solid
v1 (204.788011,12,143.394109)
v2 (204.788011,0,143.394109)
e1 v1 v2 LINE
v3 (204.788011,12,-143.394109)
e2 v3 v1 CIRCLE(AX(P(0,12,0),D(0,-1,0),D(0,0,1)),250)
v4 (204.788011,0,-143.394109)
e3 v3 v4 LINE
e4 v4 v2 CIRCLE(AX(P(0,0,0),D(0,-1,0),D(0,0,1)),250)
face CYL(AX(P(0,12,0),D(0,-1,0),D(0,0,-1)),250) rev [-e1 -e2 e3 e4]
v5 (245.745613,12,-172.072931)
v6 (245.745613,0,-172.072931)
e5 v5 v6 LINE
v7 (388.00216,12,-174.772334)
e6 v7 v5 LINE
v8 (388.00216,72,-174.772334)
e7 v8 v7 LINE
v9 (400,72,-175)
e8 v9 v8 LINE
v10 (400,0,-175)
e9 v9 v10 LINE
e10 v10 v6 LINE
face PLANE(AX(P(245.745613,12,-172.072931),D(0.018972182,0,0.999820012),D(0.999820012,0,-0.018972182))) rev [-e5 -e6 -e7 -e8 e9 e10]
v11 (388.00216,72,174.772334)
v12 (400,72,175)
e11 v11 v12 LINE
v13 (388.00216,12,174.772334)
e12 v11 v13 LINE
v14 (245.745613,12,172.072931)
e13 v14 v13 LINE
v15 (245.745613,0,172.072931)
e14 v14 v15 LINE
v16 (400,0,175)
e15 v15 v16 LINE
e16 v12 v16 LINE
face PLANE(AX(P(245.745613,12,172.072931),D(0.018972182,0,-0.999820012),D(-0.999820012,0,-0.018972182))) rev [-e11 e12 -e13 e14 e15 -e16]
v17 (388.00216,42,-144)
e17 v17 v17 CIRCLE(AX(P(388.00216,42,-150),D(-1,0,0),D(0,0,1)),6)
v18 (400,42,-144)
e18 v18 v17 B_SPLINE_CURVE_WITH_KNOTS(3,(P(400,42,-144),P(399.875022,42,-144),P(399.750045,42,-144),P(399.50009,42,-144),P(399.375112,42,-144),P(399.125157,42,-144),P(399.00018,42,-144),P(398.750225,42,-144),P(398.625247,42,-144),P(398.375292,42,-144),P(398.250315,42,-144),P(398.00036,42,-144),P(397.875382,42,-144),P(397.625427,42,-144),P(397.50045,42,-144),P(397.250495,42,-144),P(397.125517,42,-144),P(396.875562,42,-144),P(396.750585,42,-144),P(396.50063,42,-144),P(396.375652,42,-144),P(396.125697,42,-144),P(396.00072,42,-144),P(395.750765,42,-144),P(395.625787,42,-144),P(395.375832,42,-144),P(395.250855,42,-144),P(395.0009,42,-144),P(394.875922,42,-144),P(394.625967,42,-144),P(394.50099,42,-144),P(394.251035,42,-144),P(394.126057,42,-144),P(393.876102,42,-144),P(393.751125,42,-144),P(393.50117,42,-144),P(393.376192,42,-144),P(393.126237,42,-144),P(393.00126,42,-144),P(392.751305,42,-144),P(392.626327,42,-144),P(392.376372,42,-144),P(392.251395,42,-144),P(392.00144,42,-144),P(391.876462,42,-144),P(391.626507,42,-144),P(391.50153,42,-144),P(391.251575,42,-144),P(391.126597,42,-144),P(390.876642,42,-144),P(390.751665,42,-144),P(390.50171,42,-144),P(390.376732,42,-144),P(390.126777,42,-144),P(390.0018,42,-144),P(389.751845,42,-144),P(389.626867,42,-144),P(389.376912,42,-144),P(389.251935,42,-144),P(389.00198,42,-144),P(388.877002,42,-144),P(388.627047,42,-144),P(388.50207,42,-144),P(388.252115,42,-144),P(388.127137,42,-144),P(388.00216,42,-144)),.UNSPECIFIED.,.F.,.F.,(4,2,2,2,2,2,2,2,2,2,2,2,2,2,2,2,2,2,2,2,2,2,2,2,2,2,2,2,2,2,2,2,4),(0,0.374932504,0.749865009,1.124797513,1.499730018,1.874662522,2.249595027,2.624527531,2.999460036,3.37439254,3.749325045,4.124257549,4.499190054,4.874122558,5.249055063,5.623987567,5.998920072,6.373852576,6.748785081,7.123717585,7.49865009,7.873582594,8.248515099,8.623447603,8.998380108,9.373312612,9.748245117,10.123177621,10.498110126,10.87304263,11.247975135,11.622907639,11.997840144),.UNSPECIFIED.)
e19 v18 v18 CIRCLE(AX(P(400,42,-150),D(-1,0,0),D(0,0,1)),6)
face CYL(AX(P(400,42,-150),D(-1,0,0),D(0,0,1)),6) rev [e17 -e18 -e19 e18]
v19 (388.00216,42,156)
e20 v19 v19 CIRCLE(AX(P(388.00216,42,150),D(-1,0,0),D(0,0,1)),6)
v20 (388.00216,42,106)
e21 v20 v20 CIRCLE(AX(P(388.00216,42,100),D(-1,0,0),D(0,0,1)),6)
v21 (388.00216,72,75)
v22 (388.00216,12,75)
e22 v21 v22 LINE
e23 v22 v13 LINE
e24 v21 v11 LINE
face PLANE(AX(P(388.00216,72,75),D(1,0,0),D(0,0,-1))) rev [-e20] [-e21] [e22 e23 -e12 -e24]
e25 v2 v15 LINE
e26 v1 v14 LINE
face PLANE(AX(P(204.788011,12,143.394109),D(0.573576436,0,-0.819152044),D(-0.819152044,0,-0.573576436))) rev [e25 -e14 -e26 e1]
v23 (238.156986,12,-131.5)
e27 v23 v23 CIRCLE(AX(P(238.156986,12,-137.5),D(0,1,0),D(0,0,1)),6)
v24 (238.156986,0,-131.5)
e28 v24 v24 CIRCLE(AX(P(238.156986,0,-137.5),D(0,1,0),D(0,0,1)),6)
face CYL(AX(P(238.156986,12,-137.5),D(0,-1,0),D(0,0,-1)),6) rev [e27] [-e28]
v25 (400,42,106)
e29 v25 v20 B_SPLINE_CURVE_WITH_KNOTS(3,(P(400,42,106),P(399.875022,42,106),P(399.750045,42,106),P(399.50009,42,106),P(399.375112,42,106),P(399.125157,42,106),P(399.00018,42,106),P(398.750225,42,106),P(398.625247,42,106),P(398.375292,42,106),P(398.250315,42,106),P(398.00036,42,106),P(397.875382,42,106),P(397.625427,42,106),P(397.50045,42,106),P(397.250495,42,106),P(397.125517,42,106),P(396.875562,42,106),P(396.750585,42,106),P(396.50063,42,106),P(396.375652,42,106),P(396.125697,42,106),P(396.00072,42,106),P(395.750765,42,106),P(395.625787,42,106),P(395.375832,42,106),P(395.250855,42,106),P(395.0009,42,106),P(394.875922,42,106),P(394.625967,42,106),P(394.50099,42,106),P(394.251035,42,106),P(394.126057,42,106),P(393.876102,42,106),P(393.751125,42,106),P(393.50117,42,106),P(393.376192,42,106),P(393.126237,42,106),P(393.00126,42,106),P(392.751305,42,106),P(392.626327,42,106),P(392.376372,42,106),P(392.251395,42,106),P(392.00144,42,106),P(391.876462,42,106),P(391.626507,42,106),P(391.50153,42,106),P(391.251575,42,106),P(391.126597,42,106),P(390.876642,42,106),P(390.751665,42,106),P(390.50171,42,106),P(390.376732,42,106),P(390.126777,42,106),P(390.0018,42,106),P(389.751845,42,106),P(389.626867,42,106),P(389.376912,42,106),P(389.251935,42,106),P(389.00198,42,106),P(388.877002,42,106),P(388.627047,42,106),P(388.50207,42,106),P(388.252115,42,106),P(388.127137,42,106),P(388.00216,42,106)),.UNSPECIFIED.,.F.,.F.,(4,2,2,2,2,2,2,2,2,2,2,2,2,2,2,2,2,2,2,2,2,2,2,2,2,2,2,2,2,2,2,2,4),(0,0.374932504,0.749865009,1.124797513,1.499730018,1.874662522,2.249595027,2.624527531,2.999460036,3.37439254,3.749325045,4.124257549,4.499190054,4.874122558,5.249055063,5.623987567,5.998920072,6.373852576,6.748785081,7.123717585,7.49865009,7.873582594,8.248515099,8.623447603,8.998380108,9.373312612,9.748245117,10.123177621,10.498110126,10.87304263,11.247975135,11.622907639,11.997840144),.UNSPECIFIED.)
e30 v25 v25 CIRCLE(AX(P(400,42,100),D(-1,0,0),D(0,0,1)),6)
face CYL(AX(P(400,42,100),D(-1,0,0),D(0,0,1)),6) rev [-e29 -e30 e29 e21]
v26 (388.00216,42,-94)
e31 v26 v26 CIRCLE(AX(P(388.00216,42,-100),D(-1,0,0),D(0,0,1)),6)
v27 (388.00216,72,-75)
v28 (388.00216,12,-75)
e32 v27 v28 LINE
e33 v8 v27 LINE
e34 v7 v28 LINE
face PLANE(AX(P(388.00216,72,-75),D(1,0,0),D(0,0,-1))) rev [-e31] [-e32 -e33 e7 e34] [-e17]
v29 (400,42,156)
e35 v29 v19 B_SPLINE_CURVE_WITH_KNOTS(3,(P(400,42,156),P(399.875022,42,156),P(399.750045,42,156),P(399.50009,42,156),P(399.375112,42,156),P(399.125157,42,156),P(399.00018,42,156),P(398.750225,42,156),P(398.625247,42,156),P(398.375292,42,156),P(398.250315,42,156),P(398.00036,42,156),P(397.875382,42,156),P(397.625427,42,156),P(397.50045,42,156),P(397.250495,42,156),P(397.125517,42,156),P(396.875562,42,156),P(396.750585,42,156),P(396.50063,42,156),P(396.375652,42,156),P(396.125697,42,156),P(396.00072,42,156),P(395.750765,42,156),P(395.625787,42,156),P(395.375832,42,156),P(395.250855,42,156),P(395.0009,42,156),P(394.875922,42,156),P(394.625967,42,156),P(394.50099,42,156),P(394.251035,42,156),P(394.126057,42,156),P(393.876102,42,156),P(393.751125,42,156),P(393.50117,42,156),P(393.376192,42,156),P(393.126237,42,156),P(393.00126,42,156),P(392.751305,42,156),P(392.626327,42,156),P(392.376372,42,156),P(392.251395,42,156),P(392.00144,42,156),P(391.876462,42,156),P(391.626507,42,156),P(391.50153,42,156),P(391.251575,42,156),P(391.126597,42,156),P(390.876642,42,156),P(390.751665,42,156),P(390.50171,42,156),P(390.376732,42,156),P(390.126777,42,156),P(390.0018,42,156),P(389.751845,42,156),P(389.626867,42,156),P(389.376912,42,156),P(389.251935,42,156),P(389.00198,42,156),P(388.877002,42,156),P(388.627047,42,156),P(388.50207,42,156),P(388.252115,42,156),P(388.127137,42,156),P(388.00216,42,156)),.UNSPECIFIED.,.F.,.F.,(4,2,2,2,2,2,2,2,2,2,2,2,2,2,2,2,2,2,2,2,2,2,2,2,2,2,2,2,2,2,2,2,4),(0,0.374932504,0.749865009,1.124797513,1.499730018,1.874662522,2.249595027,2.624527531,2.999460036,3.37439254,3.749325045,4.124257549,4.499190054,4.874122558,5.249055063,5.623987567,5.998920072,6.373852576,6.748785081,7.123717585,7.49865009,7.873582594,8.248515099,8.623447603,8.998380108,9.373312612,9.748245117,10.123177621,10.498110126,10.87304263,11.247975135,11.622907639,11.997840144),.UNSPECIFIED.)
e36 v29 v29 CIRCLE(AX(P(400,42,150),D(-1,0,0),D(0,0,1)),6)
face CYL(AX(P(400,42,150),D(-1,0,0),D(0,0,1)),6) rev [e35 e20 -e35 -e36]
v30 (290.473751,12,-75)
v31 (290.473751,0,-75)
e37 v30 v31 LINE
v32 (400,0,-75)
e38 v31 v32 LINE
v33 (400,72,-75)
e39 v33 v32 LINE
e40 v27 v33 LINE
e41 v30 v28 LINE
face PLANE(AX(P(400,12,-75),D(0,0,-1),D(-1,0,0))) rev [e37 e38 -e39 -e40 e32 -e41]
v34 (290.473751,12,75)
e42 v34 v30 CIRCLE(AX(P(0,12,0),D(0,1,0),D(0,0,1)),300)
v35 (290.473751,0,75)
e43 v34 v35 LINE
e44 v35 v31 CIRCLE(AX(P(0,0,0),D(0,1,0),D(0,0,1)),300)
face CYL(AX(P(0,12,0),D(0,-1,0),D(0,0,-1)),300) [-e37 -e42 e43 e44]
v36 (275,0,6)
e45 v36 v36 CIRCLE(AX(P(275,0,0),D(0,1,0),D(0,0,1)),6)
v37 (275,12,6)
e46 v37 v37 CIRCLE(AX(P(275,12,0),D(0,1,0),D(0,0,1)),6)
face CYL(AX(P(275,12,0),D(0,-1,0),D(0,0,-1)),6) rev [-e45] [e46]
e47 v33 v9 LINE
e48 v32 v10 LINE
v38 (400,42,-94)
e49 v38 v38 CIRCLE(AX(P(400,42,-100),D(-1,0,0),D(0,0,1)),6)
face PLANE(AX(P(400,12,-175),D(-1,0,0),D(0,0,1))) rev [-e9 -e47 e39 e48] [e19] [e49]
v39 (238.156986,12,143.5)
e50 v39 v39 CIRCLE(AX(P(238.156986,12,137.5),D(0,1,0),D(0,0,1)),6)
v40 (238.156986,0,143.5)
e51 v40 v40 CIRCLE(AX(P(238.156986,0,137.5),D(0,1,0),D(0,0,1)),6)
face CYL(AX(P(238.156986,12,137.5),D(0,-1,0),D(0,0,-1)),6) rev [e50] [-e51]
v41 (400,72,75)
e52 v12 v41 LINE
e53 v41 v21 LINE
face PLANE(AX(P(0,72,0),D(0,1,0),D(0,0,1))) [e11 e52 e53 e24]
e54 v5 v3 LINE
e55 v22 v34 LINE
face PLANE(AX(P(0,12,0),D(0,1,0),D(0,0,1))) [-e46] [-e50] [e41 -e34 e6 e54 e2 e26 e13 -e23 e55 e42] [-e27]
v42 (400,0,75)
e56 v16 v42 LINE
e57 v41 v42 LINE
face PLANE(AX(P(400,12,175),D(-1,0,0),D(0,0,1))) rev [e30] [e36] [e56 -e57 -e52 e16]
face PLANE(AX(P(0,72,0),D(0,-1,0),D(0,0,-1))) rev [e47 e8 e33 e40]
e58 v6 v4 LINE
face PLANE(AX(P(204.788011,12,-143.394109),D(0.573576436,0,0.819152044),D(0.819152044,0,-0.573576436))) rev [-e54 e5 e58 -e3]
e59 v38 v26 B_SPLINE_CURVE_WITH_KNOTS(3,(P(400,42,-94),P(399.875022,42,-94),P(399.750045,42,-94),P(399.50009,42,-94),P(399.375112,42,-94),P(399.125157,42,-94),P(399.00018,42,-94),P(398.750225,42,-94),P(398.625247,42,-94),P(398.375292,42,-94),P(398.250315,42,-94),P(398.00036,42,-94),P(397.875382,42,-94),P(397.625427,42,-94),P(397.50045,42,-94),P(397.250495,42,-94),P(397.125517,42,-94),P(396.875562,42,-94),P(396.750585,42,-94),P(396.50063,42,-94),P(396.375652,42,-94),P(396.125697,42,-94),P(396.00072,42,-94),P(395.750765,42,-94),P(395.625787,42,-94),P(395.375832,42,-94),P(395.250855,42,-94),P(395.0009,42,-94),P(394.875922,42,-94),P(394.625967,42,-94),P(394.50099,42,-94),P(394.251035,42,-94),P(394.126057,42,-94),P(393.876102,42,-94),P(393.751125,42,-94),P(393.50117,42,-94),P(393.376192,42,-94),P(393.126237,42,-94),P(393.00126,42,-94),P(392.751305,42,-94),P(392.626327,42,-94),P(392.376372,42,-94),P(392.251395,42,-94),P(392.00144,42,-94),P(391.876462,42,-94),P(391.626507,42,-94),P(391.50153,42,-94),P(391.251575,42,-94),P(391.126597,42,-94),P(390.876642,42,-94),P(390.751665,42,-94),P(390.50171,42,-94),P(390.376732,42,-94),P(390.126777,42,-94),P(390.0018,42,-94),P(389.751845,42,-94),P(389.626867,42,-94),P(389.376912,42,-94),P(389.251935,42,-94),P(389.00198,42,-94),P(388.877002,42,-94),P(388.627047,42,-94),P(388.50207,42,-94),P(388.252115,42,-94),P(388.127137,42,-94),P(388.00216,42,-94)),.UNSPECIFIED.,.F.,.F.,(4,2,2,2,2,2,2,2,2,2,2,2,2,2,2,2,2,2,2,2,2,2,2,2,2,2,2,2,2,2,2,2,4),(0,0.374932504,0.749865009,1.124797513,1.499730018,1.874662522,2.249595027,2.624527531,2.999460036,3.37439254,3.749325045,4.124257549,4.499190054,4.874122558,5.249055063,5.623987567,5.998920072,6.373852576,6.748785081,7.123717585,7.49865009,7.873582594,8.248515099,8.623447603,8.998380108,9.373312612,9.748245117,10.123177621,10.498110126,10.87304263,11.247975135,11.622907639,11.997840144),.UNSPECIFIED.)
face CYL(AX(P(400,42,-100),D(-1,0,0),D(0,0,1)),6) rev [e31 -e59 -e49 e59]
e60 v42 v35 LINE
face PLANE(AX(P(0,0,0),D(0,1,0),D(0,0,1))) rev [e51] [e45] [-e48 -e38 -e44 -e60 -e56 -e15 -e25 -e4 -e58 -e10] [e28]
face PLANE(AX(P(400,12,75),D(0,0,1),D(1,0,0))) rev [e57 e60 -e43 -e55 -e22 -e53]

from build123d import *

# Parameters (mm, degrees)
SKETCH1_R           = 6
BOSS_EXTRUDE2_DEPTH = 12
BOSS_EXTRUDE3_DEPTH = 60
SKETCH3_R           = 6
CUT_EXTRUDE1_DEPTH  = 264.394047607


with BuildPart() as part:
    # Sketch1 → Boss-Extrude2 (new body)
    with BuildSketch(Plane(origin=(0, 0, 0), x_dir=(1, 0, 0), z_dir=(0, 1, 0))):
        with BuildLine():
            Line((400, 175), (400, 75))
            Line((400, 75), (290.473750966, 75))
            ThreePointArc((290.473750966, 75), (300, 0), (290.473750966, -75))
            Line((290.473750966, -75), (400, -75))
            Line((400, -75), (400, -175))
            Line((400, -175), (245.745613287, -172.072930905))
            Line((245.745613287, -172.072930905), (204.788011072, -143.394109088))
            ThreePointArc((204.788011072, -143.394109088), (250, 0), (204.788011072, 143.394109088))
            Line((204.788011072, 143.394109088), (245.745613287, 172.072930905))
            Line((245.745613287, 172.072930905), (400, 175))
        make_face()
        with Locations(Location((238.156986041, -137.5, 0), (0, 0, 270))):
            Circle(SKETCH1_R, mode=Mode.SUBTRACT)
        with Locations(Location((275, 0, 0), (0, 0, 270))):
            Circle(SKETCH1_R, mode=Mode.SUBTRACT)
        with Locations(Location((238.156986041, 137.5, 0), (0, 0, 270))):
            Circle(SKETCH1_R, mode=Mode.SUBTRACT)
    extrude(amount=BOSS_EXTRUDE2_DEPTH)

    # Sketch2 → Boss-Extrude3 (add)
    with BuildSketch(Plane(origin=(0, 12, 0), x_dir=(1, 0, 0), z_dir=(0, 1, 0))):
        Polygon((400, 75), (400, 175), (388.002159856, 174.772333819), (388.002159856, 75), align=None)
        Polygon((400, -175), (400, -75), (388.002159856, -75), (388.002159856, -174.772333819), align=None)
    extrude(amount=BOSS_EXTRUDE3_DEPTH)

    # Sketch3 → Cut-Extrude1 (cut, through all)
    with BuildSketch(Plane.ZY.offset(-388.002159856)):
        with Locations((-150, 42)):
            Circle(SKETCH3_R)
        with Locations((-100, 42)):
            Circle(SKETCH3_R)
        with Locations((100, 42)):
            Circle(SKETCH3_R)
        with Locations((150, 42)):
            Circle(SKETCH3_R)
    extrude(amount=-CUT_EXTRUDE1_DEPTH, mode=Mode.SUBTRACT)


solid = part.part
